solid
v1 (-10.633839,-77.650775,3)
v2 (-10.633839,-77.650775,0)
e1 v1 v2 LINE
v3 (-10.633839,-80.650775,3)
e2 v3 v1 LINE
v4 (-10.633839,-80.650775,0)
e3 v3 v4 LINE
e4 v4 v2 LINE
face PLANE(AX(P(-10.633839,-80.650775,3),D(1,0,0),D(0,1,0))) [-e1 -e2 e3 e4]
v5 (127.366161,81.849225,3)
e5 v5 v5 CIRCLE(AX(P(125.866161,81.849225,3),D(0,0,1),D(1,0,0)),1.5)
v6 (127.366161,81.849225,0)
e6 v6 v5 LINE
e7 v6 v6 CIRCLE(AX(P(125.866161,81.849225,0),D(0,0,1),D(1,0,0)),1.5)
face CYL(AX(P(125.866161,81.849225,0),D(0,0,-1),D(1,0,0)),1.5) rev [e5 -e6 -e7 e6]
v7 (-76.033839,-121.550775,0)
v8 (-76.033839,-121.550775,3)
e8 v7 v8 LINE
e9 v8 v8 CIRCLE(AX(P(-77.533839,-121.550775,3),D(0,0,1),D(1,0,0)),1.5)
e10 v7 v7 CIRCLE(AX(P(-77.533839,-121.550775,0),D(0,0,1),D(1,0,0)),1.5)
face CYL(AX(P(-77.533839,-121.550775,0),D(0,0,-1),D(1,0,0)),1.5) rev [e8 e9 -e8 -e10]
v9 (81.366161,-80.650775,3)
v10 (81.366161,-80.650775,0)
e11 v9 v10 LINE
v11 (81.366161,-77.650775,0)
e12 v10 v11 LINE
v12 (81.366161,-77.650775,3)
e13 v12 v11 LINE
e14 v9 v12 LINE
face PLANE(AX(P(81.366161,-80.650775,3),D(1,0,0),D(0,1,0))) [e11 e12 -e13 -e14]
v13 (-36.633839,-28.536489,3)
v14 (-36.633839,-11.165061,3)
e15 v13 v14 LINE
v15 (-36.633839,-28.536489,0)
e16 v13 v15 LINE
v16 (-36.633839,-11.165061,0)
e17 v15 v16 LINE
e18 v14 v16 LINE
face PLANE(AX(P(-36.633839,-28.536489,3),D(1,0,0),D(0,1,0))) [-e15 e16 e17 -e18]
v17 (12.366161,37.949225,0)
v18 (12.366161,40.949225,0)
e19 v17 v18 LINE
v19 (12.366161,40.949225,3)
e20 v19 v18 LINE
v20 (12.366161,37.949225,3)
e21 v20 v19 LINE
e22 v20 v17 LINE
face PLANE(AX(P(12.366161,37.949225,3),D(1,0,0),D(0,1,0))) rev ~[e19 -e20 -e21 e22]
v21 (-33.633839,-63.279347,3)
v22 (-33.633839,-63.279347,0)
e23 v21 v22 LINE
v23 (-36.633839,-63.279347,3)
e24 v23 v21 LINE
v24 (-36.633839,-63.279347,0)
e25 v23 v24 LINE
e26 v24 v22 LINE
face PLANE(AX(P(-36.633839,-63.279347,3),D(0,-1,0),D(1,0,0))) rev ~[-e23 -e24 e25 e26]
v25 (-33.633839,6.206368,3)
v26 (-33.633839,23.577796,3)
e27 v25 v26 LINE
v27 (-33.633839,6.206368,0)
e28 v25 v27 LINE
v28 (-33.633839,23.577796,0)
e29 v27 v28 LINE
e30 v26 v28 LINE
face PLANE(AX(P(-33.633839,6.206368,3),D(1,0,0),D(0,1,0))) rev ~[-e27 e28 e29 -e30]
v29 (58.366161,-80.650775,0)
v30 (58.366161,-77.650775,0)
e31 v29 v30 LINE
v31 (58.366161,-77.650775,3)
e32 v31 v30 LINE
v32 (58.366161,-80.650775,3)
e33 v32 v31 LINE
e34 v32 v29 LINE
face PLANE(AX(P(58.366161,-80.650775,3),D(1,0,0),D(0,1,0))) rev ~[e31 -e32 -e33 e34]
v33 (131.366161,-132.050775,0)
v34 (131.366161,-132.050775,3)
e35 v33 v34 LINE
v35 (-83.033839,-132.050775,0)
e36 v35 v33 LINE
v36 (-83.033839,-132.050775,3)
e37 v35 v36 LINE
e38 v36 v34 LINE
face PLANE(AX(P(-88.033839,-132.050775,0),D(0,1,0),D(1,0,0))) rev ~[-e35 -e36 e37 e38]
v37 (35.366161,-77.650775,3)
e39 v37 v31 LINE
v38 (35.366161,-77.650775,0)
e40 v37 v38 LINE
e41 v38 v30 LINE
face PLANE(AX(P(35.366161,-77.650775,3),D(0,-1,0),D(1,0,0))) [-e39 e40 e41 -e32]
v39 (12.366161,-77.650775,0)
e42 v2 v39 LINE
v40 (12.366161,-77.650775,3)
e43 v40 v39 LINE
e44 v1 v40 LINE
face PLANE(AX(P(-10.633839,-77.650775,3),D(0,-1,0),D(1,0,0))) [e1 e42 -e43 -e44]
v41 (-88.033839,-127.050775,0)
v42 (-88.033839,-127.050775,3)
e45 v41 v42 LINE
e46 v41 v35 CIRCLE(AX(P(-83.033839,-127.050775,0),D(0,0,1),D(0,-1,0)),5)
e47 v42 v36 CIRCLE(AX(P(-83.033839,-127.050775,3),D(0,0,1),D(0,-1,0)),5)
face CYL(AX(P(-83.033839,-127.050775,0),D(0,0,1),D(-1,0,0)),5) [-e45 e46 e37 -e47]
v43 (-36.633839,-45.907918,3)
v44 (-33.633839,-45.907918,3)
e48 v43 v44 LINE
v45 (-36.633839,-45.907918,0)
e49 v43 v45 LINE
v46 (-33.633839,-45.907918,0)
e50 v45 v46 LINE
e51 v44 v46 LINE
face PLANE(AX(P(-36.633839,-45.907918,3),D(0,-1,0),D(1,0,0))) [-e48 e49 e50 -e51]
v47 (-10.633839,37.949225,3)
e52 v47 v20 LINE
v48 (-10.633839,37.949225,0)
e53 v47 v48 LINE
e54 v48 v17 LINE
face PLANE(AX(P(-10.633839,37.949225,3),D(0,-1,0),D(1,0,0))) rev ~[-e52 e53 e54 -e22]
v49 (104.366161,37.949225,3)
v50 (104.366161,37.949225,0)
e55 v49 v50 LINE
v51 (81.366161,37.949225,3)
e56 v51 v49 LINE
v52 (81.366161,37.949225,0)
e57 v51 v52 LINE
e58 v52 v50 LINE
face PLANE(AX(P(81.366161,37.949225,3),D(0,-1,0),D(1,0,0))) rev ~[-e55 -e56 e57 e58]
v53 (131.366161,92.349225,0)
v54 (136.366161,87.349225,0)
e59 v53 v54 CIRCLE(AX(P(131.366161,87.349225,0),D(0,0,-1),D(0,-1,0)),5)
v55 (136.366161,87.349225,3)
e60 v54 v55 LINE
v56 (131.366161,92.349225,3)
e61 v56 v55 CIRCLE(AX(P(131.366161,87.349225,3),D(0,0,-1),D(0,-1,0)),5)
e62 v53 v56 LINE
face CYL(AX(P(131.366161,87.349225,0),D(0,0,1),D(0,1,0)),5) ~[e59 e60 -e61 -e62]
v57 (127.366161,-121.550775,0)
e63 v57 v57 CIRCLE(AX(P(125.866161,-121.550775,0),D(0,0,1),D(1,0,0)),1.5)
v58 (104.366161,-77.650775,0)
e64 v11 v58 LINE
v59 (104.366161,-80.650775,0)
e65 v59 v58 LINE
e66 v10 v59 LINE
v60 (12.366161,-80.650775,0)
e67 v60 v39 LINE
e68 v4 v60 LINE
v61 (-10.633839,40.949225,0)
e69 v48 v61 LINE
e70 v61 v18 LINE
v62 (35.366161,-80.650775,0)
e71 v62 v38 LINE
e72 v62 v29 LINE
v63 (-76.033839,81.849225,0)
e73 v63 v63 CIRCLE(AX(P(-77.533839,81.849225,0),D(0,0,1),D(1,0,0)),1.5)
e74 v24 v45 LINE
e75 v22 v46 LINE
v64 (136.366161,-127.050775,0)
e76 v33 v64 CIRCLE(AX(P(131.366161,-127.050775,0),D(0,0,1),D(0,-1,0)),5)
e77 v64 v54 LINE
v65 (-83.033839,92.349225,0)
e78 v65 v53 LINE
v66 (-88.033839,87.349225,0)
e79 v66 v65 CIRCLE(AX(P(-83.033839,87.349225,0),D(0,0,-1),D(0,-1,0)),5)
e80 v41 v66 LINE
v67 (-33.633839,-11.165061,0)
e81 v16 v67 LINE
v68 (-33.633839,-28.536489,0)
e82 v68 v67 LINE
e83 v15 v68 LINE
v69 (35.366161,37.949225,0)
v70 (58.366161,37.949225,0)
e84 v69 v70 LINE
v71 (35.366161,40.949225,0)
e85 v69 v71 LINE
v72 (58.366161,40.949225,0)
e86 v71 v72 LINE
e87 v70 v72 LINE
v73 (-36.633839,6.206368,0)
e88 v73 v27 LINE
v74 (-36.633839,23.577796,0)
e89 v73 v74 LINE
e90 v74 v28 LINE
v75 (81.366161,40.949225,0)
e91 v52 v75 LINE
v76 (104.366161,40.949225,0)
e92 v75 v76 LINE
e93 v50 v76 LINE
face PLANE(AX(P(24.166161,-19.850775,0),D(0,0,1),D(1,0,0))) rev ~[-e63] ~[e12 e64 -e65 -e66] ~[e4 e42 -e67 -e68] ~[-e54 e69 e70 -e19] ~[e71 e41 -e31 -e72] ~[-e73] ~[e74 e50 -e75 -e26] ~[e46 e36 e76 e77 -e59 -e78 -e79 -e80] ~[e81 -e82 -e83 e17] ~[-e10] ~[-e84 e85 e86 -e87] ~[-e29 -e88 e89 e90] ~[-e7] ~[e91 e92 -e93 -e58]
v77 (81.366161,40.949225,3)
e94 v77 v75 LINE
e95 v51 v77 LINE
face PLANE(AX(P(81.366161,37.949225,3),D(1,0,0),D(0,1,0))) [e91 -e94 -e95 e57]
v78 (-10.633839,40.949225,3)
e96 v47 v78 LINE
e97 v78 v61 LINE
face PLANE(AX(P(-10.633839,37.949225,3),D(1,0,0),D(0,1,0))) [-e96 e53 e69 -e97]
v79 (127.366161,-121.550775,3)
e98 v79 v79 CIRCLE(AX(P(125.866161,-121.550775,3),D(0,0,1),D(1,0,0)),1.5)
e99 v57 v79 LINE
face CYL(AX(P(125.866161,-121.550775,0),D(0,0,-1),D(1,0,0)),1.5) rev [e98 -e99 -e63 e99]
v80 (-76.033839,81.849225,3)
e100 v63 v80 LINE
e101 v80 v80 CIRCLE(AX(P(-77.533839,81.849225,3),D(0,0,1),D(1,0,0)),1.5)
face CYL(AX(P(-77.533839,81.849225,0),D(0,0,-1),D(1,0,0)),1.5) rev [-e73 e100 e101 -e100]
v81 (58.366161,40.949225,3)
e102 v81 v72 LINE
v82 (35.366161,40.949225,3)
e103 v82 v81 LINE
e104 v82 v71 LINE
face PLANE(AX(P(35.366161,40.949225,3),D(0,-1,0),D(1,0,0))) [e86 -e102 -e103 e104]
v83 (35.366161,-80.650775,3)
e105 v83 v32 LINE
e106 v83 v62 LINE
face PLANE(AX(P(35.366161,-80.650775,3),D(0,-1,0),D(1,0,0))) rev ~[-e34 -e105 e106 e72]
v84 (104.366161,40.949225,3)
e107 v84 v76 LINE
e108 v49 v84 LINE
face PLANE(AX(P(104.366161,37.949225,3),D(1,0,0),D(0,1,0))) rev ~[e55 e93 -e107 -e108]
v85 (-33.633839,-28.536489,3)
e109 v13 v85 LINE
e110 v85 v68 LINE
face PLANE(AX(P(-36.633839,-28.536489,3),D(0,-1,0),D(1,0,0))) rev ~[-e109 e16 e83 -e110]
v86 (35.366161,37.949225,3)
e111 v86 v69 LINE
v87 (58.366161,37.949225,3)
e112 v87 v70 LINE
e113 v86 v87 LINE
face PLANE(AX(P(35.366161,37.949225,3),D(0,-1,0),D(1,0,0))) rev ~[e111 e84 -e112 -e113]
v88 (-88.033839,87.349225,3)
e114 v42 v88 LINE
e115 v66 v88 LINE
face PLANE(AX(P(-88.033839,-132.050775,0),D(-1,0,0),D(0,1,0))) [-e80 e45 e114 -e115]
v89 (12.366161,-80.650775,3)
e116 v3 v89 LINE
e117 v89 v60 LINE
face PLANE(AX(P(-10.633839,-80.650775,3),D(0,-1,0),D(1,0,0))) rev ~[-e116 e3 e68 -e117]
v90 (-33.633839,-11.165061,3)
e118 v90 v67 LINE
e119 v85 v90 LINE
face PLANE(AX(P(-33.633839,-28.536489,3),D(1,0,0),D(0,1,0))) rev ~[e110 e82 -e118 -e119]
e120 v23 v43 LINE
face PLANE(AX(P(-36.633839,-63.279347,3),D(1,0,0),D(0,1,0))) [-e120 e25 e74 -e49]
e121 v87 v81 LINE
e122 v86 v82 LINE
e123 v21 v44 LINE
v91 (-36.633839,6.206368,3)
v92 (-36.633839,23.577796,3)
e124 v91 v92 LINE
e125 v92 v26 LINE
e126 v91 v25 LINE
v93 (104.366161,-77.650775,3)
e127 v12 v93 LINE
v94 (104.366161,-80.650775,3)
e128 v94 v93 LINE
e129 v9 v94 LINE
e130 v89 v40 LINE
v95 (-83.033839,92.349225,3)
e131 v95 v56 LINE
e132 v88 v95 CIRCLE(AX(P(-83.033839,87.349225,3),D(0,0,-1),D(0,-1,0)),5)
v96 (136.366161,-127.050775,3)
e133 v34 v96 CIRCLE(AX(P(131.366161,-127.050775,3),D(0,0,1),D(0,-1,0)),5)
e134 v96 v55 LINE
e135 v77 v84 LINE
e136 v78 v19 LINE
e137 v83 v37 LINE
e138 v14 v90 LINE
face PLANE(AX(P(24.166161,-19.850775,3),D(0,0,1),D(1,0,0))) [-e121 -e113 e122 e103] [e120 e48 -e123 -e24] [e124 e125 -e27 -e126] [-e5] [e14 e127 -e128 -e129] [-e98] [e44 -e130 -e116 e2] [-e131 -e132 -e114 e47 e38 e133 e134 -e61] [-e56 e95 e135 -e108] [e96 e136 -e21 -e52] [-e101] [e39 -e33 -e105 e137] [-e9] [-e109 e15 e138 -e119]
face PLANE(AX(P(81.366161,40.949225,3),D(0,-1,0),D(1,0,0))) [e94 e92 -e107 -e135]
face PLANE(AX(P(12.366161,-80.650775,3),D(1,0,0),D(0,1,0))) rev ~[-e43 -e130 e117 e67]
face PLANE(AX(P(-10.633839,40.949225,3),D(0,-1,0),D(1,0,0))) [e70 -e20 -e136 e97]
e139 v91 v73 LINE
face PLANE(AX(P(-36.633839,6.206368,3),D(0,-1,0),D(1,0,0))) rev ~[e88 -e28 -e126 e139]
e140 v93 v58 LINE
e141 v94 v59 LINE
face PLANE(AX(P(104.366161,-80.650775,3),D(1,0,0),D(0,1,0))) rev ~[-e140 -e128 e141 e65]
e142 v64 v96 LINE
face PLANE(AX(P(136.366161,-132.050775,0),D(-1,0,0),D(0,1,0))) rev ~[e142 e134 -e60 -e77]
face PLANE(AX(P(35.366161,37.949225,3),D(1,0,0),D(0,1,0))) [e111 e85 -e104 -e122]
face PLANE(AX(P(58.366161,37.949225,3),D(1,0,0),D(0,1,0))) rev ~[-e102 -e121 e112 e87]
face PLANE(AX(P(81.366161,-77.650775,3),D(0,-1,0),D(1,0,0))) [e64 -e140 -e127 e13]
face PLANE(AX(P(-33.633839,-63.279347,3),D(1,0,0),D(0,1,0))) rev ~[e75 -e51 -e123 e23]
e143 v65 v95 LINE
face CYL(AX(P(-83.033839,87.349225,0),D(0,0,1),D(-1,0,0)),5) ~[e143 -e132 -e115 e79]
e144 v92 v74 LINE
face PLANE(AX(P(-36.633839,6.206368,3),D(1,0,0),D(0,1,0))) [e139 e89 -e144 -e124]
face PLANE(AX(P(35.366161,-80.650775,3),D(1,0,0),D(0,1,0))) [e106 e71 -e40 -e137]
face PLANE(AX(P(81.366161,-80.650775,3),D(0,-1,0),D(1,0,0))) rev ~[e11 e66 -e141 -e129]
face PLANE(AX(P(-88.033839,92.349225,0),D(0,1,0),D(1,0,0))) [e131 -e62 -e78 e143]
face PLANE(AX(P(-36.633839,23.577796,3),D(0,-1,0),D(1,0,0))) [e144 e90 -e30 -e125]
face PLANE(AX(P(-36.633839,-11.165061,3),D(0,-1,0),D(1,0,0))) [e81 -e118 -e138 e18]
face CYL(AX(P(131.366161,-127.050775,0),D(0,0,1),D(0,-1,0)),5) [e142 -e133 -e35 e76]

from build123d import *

# Parameters (mm, degrees)
SKETCH1_W           = 224.4
SKETCH1_H           = 224.4
SKETCH1_R           = 1.5
BOSS_EXTRUDE1_DEPTH = 3
FILLET2_R           = 5
SKETCH3_W           = 23
SKETCH3_H           = 3
SKETCH3_W_2         = 3
SKETCH3_H_2         = 17.37142857
CUT_EXTRUDE1_DEPTH  = 4


with BuildPart() as part:
    # Sketch1 → Boss-Extrude1 (new body)
    with BuildSketch(Plane.XY):
        with Locations((24.166161027, -19.850775129)):
            Rectangle(SKETCH1_W, SKETCH1_H)
        with Locations((125.866161027, -121.550775129)):
            Circle(SKETCH1_R, mode=Mode.SUBTRACT)
        with Locations((125.866161027, 81.849224871)):
            Circle(SKETCH1_R, mode=Mode.SUBTRACT)
        with Locations((-77.533838973, -121.550775129)):
            Circle(SKETCH1_R, mode=Mode.SUBTRACT)
        with Locations((-77.533838973, 81.849224871)):
            Circle(SKETCH1_R, mode=Mode.SUBTRACT)
    extrude(amount=BOSS_EXTRUDE1_DEPTH)

    # Fillet2
    fillet2_edges = [part.edges().sort_by_distance(p)[0] for p in [
        (-88.033838973, 92.349224871, 1.5),
        (136.366161027, 92.349224871, 1.5),
        (136.366161027, -132.050775129, 1.5),
        (-88.033838973, -132.050775129, 1.5),
    ]]
    fillet(fillet2_edges, radius=FILLET2_R)

    # Sketch3 → Cut-Extrude1 (cut, through all)
    with BuildSketch(Plane.XY.offset(3)):
        with Locations((92.866161027, 39.449224871)):
            Rectangle(SKETCH3_W, SKETCH3_H)
        with Locations((46.866161027, 39.449224871)):
            Rectangle(SKETCH3_W, SKETCH3_H)
        with Locations((0.866161027, 39.449224871)):
            Rectangle(SKETCH3_W, SKETCH3_H)
        with Locations((-35.133838973, 14.892082014)):
            Rectangle(SKETCH3_W_2, SKETCH3_H_2)
        with Locations((-35.133838973, -19.850775126)):
            Rectangle(SKETCH3_W_2, SKETCH3_H_2)
        with Locations((-35.133838973, -54.593632266)):
            Rectangle(SKETCH3_W_2, SKETCH3_H_2)
        with Locations((0.866161027, -79.150775129)):
            Rectangle(SKETCH3_W, SKETCH3_H)
        with Locations((46.866161027, -79.150775129)):
            Rectangle(SKETCH3_W, SKETCH3_H)
        with Locations((92.866161027, -79.150775129)):
            Rectangle(SKETCH3_W, SKETCH3_H)
    extrude(amount=-CUT_EXTRUDE1_DEPTH, mode=Mode.SUBTRACT)


solid = part.part
